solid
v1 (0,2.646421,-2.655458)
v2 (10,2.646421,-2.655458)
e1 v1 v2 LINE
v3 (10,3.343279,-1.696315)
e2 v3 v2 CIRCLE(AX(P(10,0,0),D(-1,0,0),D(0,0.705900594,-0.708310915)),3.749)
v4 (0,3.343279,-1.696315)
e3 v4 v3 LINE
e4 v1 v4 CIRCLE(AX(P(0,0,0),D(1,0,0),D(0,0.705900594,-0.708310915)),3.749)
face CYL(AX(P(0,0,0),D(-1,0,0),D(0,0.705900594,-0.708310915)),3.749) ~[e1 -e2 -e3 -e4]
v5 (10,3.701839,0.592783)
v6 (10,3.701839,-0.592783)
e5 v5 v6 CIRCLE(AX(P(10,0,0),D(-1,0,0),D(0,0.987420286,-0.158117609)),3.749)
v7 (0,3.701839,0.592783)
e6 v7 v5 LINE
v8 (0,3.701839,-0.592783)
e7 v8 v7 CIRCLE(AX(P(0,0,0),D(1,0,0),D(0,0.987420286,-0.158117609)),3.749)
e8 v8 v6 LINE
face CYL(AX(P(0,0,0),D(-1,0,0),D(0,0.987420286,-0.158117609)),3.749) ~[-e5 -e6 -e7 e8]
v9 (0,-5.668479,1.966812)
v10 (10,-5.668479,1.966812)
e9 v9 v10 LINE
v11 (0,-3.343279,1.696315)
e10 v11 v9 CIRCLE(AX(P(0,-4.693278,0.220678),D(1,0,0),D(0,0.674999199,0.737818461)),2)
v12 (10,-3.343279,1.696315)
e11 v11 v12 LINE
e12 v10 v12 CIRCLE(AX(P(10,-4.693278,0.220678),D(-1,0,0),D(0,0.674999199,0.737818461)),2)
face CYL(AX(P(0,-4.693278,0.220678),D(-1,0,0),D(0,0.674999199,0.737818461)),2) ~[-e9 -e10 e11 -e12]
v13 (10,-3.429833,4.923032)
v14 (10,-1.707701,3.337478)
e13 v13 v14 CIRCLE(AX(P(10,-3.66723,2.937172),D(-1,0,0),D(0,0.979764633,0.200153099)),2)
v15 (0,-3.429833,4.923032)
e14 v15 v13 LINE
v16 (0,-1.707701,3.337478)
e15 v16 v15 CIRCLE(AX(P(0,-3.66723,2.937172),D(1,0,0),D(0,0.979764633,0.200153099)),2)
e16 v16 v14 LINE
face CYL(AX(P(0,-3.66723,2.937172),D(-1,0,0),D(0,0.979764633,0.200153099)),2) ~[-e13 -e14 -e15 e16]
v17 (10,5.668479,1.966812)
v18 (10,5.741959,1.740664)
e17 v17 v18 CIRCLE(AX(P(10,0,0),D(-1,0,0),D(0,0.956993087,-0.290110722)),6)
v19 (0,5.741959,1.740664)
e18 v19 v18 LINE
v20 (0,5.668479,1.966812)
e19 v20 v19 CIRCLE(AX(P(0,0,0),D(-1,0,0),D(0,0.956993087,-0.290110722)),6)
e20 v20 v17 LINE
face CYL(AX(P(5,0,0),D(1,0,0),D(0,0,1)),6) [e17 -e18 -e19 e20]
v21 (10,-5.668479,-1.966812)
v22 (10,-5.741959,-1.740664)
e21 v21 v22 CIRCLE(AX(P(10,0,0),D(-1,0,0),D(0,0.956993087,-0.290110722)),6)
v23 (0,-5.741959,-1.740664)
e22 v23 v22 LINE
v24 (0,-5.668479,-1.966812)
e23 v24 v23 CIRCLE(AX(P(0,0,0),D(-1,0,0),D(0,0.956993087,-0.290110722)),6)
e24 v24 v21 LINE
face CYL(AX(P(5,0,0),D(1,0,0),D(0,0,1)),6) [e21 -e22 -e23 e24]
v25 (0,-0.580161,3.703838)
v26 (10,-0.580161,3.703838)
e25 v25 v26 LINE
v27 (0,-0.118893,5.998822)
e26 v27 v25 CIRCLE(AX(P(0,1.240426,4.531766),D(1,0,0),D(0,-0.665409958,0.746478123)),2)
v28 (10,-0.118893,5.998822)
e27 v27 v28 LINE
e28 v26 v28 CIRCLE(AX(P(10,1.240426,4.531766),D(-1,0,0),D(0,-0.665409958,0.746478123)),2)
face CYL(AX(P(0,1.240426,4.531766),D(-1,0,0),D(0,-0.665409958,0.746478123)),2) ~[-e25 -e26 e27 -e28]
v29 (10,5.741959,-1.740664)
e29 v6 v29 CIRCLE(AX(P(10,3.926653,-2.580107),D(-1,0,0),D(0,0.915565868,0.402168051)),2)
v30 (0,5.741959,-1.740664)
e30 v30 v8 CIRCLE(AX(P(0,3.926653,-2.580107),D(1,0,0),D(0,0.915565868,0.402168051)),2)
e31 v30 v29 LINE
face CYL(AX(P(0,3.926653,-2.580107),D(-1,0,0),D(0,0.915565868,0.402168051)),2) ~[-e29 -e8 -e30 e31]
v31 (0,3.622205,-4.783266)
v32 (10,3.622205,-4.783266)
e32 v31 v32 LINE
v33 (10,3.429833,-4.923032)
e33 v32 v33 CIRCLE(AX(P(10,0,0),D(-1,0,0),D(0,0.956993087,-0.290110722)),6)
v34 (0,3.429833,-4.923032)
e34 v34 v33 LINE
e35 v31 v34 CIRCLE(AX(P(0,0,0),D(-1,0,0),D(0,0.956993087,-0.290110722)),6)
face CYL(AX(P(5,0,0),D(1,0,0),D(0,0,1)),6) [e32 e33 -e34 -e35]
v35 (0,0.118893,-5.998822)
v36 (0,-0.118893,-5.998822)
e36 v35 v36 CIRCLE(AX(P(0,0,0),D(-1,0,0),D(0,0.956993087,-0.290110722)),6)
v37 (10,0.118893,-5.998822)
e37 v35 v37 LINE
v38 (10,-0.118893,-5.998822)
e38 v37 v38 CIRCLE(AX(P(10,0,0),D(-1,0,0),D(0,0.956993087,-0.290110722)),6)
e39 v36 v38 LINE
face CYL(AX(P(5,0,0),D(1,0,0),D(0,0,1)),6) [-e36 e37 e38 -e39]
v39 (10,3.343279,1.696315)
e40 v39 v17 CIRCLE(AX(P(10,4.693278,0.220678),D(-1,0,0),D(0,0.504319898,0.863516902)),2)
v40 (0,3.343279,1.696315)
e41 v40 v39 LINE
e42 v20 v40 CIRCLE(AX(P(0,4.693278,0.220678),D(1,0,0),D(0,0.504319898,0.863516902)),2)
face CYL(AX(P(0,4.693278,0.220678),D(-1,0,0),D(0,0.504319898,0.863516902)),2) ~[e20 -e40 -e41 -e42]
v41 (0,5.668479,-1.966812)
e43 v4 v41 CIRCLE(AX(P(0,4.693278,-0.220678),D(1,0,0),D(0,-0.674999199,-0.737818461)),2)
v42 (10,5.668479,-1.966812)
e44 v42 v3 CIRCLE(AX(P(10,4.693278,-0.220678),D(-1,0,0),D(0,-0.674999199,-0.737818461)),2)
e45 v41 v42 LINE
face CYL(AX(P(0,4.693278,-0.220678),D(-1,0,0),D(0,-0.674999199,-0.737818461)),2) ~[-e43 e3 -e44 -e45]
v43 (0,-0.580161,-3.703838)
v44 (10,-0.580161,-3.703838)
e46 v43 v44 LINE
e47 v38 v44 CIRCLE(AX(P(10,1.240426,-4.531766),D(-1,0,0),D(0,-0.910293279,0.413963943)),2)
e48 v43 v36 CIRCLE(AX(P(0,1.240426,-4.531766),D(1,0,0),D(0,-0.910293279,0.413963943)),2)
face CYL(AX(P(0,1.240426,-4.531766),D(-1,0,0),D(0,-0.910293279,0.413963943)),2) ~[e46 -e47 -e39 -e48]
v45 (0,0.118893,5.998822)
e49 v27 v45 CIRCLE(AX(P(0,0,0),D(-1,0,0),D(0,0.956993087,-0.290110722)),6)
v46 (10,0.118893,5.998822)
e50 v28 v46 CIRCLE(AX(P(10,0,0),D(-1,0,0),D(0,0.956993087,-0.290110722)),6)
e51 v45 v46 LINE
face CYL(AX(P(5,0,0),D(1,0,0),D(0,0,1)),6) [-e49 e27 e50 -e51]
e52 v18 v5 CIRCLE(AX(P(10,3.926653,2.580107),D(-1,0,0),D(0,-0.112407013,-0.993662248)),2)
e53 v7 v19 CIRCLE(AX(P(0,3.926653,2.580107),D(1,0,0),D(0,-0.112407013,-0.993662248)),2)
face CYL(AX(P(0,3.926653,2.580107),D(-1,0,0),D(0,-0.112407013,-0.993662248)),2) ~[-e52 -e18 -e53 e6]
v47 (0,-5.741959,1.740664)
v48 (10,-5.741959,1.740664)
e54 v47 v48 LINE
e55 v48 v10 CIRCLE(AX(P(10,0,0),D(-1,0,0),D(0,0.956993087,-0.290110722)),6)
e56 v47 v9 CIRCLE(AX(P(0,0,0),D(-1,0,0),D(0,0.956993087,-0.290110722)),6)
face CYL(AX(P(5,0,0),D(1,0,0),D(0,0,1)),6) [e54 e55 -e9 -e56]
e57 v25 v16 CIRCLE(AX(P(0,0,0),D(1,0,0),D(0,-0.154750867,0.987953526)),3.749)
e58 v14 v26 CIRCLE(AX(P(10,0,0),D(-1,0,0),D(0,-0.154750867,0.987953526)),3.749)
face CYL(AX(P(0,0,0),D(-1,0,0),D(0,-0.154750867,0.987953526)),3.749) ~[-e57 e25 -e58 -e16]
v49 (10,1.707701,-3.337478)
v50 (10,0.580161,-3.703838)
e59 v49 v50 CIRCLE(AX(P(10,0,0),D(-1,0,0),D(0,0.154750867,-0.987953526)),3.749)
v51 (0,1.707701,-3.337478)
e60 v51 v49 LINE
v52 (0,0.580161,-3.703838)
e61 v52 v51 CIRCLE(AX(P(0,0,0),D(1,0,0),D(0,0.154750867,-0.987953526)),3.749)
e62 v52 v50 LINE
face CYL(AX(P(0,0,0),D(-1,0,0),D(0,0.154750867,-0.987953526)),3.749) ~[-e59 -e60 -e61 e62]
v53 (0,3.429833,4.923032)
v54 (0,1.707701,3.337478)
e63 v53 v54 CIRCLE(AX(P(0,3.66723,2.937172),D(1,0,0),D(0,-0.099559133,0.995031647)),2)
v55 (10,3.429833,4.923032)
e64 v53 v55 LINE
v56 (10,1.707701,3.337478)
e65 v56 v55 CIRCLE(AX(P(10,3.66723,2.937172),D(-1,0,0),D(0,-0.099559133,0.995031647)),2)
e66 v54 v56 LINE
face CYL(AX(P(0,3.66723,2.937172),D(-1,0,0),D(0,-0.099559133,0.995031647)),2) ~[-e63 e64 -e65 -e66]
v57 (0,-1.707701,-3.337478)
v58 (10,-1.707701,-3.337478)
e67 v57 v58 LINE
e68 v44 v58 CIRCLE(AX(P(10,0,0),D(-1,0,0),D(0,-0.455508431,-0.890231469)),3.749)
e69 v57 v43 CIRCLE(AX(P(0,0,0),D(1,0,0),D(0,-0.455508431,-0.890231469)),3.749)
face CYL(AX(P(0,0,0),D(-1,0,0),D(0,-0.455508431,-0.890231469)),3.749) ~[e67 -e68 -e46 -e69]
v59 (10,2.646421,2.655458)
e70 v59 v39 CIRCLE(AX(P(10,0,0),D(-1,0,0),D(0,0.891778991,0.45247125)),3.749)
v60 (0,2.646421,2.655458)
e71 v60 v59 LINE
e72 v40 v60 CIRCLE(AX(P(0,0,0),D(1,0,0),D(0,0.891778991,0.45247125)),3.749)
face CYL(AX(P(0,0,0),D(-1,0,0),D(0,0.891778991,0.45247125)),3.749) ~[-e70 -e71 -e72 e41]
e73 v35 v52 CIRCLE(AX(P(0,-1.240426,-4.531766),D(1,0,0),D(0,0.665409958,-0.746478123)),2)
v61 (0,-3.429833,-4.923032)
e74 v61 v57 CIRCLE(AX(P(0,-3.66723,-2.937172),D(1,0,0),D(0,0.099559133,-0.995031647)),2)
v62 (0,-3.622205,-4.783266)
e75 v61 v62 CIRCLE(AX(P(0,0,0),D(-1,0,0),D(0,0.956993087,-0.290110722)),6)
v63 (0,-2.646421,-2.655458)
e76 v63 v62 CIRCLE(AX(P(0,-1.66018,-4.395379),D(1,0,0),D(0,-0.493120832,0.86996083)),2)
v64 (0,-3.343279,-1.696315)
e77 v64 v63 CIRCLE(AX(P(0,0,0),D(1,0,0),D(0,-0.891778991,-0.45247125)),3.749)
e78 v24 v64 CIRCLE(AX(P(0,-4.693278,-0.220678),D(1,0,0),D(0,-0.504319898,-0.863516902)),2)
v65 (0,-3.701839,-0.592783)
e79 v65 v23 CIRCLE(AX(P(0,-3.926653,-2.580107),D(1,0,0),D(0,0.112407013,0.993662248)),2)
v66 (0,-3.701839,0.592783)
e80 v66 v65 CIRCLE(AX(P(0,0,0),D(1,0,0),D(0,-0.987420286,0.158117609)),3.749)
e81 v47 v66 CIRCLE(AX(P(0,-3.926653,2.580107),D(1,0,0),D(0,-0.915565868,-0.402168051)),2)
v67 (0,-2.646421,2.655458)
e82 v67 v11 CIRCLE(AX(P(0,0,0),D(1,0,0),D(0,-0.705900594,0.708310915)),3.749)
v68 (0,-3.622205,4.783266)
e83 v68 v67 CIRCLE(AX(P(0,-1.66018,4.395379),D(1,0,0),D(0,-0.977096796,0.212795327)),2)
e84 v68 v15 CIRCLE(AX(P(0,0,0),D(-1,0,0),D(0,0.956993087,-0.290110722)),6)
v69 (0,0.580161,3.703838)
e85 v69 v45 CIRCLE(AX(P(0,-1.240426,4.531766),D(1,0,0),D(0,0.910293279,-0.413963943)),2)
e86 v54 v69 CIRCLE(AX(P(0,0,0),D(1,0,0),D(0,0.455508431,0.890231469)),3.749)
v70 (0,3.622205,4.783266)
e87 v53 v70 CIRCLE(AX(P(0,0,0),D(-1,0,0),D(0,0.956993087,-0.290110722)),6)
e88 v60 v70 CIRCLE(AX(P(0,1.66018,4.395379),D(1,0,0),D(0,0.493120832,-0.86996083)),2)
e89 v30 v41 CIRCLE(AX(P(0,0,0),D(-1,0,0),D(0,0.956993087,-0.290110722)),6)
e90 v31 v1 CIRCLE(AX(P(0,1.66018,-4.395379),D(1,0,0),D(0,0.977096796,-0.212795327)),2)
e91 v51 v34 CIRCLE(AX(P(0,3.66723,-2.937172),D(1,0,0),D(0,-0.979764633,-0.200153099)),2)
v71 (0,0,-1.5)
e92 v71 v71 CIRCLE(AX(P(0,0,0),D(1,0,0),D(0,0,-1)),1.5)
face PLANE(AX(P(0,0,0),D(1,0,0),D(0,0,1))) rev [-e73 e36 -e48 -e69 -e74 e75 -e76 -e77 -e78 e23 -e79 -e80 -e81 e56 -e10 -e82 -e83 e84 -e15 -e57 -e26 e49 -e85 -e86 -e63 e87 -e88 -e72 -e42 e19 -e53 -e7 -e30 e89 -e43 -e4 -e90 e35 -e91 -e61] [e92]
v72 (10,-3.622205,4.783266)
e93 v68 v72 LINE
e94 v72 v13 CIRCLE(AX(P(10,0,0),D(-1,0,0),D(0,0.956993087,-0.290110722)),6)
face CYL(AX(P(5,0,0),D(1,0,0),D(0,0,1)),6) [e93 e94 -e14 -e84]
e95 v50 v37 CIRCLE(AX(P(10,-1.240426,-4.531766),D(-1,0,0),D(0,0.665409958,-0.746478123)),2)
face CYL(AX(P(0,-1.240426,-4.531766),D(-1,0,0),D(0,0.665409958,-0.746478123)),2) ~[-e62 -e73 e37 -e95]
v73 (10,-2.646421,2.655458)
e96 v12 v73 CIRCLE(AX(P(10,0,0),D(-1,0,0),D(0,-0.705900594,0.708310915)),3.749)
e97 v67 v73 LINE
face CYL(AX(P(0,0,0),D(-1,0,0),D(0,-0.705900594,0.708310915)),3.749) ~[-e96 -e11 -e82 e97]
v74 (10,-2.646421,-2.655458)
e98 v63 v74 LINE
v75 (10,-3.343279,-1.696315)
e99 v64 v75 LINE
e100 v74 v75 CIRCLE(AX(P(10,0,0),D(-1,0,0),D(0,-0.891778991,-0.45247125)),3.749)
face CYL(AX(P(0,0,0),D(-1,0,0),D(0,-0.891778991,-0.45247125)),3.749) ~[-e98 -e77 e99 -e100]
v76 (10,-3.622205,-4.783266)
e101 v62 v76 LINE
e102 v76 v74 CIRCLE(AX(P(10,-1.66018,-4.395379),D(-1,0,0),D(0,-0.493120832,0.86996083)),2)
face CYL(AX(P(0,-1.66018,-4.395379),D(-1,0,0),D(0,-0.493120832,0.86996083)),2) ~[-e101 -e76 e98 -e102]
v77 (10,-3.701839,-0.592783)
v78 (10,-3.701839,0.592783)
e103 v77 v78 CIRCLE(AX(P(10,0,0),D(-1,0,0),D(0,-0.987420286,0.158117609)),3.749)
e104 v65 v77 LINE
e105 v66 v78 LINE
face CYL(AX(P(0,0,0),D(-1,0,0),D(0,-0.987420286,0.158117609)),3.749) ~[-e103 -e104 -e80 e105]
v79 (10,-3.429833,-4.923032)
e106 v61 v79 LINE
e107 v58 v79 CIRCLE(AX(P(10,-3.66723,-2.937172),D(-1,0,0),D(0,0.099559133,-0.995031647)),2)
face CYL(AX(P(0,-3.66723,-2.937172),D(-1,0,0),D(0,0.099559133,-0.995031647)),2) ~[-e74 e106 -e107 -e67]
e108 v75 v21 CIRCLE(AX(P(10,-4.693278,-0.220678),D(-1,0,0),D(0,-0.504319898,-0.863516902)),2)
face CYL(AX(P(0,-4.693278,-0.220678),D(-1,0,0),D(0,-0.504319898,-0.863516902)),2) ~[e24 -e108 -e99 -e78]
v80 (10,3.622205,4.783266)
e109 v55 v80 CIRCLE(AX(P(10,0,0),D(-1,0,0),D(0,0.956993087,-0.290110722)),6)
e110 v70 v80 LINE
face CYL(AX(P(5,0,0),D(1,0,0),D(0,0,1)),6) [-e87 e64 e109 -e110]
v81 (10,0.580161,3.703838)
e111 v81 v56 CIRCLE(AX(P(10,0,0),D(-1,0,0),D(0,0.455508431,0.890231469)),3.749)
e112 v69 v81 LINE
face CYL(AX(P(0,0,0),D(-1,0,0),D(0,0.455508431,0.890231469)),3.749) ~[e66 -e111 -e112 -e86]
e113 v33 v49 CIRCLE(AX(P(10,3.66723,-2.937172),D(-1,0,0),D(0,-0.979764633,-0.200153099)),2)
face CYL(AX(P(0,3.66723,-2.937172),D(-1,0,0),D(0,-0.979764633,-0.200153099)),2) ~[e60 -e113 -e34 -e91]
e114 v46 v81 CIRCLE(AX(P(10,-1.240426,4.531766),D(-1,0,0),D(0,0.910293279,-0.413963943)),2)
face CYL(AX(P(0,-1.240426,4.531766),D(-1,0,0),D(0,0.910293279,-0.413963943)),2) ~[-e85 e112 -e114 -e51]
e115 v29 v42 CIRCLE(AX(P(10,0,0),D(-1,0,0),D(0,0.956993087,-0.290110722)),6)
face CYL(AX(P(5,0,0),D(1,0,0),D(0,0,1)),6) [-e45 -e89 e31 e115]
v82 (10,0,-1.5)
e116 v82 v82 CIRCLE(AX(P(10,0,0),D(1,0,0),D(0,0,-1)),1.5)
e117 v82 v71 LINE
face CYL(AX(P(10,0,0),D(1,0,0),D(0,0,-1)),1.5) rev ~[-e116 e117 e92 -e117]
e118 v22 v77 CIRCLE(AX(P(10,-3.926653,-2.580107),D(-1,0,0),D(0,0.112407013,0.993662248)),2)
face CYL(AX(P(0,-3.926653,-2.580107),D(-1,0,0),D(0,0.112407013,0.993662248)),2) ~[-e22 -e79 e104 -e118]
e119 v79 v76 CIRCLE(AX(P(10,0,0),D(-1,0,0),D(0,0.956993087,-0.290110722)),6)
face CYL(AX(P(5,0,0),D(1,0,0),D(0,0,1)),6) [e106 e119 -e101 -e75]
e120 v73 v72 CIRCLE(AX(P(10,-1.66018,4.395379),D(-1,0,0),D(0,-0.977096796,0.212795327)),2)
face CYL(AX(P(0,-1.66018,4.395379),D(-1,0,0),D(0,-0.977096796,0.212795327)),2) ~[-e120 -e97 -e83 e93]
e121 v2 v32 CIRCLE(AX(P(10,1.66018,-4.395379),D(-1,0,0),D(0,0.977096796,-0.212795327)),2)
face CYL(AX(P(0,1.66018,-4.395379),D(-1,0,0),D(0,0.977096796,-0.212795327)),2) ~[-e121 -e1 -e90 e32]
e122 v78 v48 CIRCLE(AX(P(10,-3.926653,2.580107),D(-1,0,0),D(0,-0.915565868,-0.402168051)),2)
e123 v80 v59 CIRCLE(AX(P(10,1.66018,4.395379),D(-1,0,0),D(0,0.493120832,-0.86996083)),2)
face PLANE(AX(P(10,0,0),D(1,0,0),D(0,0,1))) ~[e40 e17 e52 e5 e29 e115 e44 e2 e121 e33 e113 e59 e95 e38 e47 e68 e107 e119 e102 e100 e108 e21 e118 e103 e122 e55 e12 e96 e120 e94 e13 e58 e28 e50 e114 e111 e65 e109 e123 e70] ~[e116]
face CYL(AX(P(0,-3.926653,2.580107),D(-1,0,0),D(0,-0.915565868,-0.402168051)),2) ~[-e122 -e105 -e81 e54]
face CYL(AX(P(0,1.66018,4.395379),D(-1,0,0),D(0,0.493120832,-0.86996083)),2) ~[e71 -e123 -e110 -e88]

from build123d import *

# Parameters (mm, degrees)
BASPROSKE_W        = 10
BASPROSKE_H        = 6
TOOTHCUT_DEPTH     = 14.114877049
TEETHCUTS_COUNT    = 10
TEETHCUTS_ANGLE    = 324
BORSKE_R           = 0.4
BORE_DEPTH         = 50.0000508
SKETCH1_R          = 1.5
CUT_EXTRUDE1_DEPTH = 13.998849476


with BuildPart() as part:
    # BasProSke → Base-Revolve (revolve)
    with BuildSketch(Plane(origin=(0, 0, 0), x_dir=(1, 0, 0), z_dir=(0, 1, 0)), mode=Mode.PRIVATE) as base_revolve_sk:
        with Locations((5, 3)):
            Rectangle(BASPROSKE_W, BASPROSKE_H)
    revolve(base_revolve_sk.sketch.rotate(Axis((-10, 0, 0), (1, 0, 0)), 180), axis=Axis((-10, 0, 0), (1, 0, 0)))

    # TooCutSke → ToothCut (cut, through all)
    with BuildSketch(Plane(origin=(0, 0, 0), x_dir=(0, 0, -1), z_dir=(1, 0, 0))):
        with BuildLine():
            ThreePointArc((0.59278292, 3.701838653), (0, 3.749), (-0.59278292, 3.701838653))
            ThreePointArc((-0.59278292, 3.701838653), (-0.846593509, 4.924114224), (-1.775771316, 5.757784417))
            ThreePointArc((-1.775771316, 5.757784417), (0, 6.0254), (1.775771316, 5.757784417))
            ThreePointArc((1.775771316, 5.757784417), (0.846593509, 4.924114224), (0.59278292, 3.701838653))
        make_face()
    toothcut = extrude(amount=TOOTHCUT_DEPTH, mode=Mode.SUBTRACT)

    # TeethCuts: ToothCut ×10 about axis
    teethcuts_axis = Axis((-10, 0, 0), (1, 0, 0))
    for i in range(1, TEETHCUTS_COUNT):
        add(toothcut.rotate(teethcuts_axis, i * TEETHCUTS_ANGLE / (TEETHCUTS_COUNT - 1)), mode=Mode.SUBTRACT)

    # BorSke → Bore (cut, symmetric)
    with BuildSketch(Plane(origin=(0, 0, 0), x_dir=(0, 0, -1), z_dir=(1, 0, 0))):
        with Locations(Location((0, 0, 0), (0, 0, 180))):
            Circle(BORSKE_R)
    extrude(amount=BORE_DEPTH, both=True, mode=Mode.SUBTRACT)

    # Sketch1 → Cut-Extrude1 (cut, through all)
    with BuildSketch(Plane(origin=(10, 0, 0), x_dir=(0, 0, -1), z_dir=(1, 0, 0))):
        Circle(SKETCH1_R)
    extrude(amount=-CUT_EXTRUDE1_DEPTH, mode=Mode.SUBTRACT)


solid = part.part
